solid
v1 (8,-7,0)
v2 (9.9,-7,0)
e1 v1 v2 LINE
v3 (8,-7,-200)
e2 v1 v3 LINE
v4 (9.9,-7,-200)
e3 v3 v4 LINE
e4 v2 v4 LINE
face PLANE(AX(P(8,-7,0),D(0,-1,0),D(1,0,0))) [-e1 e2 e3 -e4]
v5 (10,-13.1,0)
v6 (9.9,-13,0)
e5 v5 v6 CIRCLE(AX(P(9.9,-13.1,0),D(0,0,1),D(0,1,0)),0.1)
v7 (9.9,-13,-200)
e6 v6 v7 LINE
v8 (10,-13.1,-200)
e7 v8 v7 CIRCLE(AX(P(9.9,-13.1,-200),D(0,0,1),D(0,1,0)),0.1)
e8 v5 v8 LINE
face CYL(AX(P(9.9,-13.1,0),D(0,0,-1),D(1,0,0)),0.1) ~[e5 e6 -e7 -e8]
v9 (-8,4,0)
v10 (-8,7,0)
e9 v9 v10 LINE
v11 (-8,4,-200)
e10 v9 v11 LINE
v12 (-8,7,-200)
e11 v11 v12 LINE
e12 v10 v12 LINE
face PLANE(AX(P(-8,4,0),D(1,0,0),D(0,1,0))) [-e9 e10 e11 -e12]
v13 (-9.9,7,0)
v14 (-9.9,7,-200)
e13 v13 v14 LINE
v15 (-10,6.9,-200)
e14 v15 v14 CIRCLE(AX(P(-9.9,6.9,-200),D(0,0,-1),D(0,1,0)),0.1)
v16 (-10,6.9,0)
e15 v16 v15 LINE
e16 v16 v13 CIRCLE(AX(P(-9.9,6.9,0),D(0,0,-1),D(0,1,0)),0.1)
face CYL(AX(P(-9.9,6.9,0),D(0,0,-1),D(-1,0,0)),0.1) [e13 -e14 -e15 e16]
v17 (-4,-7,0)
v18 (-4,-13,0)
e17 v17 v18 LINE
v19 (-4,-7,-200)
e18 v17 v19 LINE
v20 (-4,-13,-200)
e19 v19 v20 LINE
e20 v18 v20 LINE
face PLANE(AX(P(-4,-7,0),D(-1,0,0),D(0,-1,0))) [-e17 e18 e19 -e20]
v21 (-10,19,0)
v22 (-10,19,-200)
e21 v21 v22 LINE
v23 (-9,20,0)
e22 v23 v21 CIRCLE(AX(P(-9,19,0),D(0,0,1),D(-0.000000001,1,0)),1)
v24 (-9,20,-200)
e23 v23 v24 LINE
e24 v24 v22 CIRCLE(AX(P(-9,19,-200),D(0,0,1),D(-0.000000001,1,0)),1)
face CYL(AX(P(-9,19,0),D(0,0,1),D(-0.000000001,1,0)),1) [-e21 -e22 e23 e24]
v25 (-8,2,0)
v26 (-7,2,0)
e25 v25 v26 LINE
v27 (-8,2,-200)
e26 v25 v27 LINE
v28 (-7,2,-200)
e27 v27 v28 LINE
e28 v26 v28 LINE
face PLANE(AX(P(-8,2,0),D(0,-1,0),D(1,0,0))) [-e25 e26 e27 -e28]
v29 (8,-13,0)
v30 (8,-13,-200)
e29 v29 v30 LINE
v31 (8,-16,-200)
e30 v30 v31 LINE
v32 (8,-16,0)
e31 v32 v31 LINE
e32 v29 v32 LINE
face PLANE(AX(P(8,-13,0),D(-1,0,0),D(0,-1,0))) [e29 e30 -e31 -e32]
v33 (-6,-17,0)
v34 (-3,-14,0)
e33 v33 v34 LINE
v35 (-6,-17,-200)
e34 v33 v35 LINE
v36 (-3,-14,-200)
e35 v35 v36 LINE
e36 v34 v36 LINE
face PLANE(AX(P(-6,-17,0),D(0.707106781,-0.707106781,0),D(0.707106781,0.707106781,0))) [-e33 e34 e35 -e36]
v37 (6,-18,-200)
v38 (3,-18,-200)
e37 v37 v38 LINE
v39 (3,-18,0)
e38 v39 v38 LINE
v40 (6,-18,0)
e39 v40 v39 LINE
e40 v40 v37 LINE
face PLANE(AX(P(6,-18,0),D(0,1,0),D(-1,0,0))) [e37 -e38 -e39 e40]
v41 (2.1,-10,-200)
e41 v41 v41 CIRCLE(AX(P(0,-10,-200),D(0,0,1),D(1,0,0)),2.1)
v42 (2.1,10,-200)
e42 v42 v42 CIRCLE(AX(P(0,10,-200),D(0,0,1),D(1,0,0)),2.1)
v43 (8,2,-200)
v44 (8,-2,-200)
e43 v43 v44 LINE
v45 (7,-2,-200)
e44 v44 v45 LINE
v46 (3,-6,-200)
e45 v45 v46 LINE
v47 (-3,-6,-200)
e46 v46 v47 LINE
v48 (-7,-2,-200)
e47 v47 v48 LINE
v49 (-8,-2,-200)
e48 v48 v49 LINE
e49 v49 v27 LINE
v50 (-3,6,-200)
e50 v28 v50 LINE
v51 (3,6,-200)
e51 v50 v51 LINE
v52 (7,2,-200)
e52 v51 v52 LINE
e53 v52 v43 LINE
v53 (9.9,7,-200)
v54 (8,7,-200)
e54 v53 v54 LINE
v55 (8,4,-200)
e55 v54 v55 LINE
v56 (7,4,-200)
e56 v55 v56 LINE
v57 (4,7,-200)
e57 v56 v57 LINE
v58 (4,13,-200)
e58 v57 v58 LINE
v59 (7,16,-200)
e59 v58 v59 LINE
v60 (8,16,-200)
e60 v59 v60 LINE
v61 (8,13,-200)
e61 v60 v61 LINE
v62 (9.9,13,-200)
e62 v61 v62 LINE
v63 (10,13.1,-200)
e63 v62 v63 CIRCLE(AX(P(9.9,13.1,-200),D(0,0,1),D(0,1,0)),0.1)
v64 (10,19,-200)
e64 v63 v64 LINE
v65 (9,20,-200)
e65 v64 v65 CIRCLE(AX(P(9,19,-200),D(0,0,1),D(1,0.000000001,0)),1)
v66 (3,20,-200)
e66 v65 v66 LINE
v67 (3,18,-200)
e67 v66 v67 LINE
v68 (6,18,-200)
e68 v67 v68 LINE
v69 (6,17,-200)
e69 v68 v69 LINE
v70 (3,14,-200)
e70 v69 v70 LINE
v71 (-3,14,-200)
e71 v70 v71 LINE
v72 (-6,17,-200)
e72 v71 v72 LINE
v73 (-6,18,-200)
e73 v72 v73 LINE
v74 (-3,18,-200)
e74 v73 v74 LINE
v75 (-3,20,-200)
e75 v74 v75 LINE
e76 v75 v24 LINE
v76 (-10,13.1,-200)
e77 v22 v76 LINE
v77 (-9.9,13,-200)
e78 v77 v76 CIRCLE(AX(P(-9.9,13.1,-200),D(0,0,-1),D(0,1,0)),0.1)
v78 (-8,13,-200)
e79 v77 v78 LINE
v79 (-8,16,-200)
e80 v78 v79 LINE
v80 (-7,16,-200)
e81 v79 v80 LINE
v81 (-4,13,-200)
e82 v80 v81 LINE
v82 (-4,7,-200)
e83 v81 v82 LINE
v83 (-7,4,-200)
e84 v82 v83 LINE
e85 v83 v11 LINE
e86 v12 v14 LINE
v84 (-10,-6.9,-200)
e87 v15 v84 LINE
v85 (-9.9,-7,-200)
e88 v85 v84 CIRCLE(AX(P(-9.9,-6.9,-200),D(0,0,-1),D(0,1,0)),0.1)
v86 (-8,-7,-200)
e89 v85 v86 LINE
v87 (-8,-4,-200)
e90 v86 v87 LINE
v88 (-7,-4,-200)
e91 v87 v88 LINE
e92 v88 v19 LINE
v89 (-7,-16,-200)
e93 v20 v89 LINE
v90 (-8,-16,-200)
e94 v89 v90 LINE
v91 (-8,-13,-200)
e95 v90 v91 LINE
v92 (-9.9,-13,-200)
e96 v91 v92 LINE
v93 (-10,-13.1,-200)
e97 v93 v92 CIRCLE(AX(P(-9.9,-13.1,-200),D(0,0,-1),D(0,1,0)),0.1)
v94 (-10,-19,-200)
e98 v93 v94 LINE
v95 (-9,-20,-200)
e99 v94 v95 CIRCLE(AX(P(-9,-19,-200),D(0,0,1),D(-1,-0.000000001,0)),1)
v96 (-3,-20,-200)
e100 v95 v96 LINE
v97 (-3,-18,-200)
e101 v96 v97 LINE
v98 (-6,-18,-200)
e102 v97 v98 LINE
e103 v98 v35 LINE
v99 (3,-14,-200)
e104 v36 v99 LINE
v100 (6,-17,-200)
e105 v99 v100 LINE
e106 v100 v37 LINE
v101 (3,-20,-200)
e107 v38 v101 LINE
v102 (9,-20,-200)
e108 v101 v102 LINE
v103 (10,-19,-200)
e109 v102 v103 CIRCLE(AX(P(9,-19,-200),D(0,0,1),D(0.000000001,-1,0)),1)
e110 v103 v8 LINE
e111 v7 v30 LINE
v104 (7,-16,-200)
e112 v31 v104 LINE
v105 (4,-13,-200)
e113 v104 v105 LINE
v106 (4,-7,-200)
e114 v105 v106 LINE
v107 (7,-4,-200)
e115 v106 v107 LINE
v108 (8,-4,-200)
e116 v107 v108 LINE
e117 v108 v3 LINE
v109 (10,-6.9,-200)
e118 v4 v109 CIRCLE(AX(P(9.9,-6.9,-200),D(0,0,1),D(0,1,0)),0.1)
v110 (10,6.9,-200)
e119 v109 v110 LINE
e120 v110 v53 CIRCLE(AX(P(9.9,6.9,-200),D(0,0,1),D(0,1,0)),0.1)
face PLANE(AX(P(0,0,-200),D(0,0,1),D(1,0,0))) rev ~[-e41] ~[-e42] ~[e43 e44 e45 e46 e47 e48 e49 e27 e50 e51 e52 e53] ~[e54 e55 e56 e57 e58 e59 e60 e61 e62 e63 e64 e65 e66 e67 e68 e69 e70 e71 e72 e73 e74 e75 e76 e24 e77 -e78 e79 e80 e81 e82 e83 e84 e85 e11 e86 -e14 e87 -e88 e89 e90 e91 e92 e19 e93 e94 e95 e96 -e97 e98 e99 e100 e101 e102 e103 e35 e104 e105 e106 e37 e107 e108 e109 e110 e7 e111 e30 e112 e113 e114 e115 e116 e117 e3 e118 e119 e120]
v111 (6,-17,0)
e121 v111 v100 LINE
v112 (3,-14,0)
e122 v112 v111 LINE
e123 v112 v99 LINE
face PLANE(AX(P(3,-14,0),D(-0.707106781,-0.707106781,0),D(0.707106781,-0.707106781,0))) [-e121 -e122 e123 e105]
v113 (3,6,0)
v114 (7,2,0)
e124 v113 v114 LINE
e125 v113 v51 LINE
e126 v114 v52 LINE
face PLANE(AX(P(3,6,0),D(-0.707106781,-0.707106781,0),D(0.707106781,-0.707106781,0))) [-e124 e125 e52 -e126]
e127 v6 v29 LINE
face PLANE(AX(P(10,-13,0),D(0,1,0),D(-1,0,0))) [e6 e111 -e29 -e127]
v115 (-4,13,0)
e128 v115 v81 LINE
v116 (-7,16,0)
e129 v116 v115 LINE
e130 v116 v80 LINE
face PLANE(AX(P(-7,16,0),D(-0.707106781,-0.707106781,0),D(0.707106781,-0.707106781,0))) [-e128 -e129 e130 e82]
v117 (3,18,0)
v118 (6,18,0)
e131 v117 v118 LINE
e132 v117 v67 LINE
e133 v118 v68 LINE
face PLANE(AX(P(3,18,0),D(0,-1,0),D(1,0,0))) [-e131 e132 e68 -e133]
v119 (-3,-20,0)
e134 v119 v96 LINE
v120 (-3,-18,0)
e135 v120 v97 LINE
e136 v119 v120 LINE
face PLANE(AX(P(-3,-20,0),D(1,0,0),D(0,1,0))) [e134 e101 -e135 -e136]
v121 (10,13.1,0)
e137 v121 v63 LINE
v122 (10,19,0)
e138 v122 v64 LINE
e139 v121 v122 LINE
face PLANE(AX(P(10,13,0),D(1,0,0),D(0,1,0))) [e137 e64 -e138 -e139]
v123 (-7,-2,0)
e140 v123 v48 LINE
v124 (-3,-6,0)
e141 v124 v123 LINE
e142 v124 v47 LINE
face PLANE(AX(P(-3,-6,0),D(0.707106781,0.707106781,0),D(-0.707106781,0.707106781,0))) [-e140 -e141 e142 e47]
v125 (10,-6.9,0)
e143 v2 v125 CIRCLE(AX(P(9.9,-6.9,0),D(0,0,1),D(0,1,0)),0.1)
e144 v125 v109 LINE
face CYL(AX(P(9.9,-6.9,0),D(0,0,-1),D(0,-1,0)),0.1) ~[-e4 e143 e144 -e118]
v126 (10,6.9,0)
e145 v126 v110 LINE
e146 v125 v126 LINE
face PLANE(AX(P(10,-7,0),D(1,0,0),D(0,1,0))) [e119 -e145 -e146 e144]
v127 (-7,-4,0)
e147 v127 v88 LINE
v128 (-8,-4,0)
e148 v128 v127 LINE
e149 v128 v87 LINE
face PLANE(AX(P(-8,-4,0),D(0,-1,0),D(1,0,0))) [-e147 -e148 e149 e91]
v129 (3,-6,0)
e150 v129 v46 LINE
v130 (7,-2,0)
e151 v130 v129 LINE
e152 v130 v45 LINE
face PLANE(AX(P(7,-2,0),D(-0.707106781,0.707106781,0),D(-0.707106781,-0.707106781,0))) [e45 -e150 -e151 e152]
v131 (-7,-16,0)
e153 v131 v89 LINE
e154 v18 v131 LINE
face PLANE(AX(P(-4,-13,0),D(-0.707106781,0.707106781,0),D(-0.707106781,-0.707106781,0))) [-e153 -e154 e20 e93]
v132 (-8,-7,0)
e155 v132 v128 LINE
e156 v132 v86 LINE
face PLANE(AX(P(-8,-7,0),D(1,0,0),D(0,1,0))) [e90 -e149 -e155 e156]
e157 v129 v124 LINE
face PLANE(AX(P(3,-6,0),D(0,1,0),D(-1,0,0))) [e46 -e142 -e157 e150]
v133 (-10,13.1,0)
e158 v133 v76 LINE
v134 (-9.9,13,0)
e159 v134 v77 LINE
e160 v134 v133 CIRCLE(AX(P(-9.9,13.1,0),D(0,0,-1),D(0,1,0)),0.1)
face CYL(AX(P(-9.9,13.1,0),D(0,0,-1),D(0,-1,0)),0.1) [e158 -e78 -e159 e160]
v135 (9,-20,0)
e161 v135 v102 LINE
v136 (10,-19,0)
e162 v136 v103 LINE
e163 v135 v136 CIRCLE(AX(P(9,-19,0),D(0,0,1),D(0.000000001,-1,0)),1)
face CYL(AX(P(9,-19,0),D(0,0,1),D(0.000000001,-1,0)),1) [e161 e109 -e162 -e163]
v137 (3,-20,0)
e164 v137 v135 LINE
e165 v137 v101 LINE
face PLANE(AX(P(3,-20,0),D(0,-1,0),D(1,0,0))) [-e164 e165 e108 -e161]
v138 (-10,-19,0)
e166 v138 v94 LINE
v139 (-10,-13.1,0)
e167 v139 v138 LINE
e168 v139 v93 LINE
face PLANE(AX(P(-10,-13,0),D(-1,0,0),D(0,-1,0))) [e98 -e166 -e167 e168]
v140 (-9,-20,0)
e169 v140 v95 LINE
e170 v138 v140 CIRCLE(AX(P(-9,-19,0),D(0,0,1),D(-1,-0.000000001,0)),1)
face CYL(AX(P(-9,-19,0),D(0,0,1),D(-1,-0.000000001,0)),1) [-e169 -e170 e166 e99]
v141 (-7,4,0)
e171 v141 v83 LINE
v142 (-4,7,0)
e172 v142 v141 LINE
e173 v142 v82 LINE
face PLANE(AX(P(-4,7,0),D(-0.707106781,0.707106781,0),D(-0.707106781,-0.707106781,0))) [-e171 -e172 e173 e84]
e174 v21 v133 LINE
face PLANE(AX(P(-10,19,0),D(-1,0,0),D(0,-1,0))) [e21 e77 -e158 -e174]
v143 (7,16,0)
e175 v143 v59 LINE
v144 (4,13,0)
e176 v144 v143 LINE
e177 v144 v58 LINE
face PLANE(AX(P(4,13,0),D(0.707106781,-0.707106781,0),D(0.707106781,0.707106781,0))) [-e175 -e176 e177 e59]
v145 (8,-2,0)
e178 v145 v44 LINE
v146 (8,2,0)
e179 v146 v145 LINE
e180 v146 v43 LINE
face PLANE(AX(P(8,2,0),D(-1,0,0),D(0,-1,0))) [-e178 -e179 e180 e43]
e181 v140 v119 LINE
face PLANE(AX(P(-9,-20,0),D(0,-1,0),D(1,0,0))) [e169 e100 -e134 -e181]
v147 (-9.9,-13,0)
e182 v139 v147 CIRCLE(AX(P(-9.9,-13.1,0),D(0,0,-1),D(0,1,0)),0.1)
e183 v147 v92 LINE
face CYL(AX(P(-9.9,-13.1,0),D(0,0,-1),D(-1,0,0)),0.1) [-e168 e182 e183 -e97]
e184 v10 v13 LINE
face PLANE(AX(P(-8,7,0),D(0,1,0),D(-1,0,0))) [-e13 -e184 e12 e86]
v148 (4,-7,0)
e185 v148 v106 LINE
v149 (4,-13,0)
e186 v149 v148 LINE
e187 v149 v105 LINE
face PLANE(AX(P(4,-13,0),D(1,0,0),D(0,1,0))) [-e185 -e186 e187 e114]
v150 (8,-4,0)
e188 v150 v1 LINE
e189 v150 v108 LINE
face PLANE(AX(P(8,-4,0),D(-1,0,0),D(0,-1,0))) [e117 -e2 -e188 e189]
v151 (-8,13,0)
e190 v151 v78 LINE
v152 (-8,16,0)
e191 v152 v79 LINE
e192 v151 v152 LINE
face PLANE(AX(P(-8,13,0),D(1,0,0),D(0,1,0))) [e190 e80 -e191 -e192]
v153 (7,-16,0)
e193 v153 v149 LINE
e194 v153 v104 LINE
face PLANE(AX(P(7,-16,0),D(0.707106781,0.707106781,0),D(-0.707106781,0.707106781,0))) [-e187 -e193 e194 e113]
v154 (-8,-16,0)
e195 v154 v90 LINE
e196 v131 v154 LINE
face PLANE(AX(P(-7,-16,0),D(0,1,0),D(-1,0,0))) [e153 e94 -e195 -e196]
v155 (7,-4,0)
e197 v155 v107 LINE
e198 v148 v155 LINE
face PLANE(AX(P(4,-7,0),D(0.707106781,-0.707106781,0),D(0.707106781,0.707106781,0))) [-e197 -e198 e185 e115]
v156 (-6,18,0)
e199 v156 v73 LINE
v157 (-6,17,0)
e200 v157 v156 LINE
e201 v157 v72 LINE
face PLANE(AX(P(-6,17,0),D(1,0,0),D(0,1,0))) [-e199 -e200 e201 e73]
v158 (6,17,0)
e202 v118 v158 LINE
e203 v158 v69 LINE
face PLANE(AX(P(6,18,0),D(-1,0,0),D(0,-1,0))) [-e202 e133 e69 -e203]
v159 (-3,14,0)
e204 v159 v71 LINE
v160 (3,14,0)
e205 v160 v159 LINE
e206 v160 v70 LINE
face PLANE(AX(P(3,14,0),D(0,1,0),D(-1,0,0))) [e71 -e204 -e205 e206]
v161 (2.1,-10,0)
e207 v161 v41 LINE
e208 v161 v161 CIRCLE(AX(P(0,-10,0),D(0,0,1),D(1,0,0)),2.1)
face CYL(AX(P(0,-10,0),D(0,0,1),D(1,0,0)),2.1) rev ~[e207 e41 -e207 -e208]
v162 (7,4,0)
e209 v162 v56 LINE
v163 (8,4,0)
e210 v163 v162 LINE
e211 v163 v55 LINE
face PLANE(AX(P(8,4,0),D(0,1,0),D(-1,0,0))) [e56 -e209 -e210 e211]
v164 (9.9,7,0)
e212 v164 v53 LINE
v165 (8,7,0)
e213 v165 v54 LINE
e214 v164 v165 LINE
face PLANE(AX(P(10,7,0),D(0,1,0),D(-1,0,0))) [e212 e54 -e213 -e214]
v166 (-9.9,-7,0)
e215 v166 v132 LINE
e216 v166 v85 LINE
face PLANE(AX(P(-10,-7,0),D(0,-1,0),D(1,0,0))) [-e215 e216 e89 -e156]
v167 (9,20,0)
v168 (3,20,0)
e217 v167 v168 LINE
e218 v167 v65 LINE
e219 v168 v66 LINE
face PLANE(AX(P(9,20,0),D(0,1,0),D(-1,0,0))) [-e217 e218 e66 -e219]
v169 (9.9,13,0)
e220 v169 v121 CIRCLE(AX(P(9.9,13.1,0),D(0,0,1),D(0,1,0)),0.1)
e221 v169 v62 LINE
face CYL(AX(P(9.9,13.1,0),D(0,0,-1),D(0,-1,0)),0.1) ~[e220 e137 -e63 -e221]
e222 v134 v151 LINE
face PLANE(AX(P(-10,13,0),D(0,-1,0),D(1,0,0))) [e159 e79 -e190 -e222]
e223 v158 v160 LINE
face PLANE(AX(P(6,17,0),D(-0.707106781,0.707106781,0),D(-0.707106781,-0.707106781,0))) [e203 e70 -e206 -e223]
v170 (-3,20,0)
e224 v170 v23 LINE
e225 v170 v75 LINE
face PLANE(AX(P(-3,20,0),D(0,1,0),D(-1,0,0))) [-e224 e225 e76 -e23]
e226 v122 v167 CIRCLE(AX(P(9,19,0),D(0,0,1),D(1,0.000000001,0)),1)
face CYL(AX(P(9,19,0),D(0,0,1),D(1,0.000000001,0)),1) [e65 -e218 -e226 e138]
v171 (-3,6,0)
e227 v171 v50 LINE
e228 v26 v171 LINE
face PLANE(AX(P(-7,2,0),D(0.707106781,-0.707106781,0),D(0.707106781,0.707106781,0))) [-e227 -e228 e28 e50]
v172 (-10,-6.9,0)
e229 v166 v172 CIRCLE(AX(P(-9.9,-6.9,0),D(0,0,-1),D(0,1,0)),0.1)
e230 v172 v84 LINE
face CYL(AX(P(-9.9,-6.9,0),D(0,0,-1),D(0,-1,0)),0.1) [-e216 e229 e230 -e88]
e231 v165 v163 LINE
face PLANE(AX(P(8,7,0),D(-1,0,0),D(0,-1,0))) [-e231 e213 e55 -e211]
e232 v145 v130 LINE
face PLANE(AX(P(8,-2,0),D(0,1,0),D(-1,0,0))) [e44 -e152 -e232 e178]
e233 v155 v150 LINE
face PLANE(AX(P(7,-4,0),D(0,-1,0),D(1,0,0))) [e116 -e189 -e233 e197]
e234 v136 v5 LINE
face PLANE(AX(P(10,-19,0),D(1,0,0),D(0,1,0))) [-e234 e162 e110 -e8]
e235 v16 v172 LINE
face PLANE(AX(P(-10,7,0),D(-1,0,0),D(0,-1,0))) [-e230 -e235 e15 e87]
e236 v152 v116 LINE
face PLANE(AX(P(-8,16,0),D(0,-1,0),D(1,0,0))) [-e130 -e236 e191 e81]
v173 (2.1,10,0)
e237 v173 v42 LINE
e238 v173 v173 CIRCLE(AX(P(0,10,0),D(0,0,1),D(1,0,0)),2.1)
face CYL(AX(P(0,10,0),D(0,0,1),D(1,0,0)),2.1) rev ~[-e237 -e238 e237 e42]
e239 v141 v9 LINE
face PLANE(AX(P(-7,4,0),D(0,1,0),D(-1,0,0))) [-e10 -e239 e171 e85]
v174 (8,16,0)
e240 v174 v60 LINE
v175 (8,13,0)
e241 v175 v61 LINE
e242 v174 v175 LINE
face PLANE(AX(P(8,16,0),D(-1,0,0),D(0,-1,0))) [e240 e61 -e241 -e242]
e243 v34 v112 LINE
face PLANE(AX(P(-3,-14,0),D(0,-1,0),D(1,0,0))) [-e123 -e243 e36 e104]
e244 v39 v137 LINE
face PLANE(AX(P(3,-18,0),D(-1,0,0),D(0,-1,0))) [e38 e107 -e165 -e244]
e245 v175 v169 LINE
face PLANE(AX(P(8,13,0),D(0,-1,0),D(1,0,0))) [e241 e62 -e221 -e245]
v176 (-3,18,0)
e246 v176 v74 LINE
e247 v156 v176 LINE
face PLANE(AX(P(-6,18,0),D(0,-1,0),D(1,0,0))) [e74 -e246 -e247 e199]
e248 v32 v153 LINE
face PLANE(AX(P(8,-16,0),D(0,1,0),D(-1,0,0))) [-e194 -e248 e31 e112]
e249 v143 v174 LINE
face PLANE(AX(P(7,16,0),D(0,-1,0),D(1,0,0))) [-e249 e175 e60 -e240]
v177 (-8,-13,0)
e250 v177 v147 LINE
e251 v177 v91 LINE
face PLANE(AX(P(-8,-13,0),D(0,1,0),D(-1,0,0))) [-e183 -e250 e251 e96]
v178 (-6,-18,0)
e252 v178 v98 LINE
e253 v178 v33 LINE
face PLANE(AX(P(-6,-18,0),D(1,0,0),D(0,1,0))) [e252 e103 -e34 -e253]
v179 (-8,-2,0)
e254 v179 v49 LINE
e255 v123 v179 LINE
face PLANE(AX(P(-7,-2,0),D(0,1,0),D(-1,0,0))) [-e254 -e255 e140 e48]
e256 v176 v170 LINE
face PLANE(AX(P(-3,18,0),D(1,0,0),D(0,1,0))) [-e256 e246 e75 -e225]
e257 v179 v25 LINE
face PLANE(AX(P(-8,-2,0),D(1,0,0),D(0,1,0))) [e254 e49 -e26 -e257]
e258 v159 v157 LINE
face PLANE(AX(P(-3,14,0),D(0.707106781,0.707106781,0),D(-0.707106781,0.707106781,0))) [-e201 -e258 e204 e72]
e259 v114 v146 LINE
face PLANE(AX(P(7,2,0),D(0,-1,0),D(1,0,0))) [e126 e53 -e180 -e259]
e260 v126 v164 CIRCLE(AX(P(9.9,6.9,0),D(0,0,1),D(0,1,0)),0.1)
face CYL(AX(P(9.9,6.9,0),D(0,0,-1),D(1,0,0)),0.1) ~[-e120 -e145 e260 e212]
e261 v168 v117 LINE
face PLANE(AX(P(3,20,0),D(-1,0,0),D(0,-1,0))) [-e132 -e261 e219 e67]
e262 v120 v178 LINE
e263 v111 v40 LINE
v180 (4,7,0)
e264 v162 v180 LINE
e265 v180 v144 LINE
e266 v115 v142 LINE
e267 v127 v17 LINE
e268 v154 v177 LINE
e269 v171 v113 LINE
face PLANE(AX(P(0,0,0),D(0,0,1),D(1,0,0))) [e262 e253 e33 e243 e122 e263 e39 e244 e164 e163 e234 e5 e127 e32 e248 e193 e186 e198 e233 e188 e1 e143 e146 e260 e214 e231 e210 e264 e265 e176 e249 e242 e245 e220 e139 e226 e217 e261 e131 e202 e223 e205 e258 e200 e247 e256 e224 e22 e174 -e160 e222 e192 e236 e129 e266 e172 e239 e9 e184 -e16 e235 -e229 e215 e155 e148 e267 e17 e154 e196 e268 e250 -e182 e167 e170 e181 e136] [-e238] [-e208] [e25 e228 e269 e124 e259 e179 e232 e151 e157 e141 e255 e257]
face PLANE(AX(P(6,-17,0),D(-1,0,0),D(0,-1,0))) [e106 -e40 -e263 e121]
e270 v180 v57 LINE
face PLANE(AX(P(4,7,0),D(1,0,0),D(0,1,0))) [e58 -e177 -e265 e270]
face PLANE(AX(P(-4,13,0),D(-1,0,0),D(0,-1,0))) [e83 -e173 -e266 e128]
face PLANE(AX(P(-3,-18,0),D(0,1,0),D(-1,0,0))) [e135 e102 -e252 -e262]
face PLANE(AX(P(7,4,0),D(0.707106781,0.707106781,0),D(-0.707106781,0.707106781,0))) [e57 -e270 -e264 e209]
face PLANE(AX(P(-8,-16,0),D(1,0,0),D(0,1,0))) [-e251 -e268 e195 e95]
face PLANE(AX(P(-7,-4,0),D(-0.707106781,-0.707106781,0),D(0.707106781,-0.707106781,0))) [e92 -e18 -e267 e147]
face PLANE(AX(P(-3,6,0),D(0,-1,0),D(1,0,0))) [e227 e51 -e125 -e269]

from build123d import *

# Parameters (mm, degrees)
SKETCH1_R           = 2.1
BOSS_EXTRUDE1_DEPTH = 200
FILLET1_R           = 0.1


with BuildPart() as part:
    # Sketch1 → Boss-Extrude1 (new body)
    with BuildSketch(Plane.XY):
        with BuildLine():
            Line((10, -19), (10, -13))
            Line((10, -13), (8, -13))
            Line((8, -13), (8, -16))
            Line((8, -16), (7, -16))
            Line((7, -16), (4, -13))
            Line((4, -13), (4, -7))
            Line((4, -7), (7, -4))
            Line((7, -4), (8, -4))
            Line((8, -4), (8, -7))
            Line((8, -7), (10, -7))
            Line((10, -7), (10, 7))
            Line((10, 7), (8, 7))
            Line((8, 7), (8, 4))
            Line((8, 4), (7, 4))
            Line((7, 4), (4, 7))
            Line((4, 7), (4, 13))
            Line((4, 13), (7, 16))
            Line((7, 16), (8, 16))
            Line((8, 16), (8, 13))
            Line((8, 13), (10, 13))
            Line((10, 13), (10, 19))
            ThreePointArc((10, 19), (9.707106781, 19.707106781), (9, 20))
            Line((9, 20), (3, 20))
            Line((3, 20), (3, 18))
            Line((3, 18), (6, 18))
            Line((6, 18), (6, 17))
            Line((6, 17), (3, 14))
            Line((3, 14), (-3, 14))
            Line((-3, 14), (-6, 17))
            Line((-6, 17), (-6, 18))
            Line((-6, 18), (-3, 18))
            Line((-3, 18), (-3, 20))
            Line((-3, 20), (-9, 20))
            ThreePointArc((-9, 20), (-9.707106781, 19.707106781), (-10, 19))
            Line((-10, 19), (-10, 13))
            Line((-10, 13), (-8, 13))
            Line((-8, 13), (-8, 16))
            Line((-8, 16), (-7, 16))
            Line((-7, 16), (-4, 13))
            Line((-4, 13), (-4, 7))
            Line((-4, 7), (-7, 4))
            Line((-7, 4), (-8, 4))
            Line((-8, 4), (-8, 7))
            Line((-8, 7), (-10, 7))
            Line((-10, 7), (-10, -7))
            Line((-10, -7), (-8, -7))
            Line((-8, -7), (-8, -4))
            Line((-8, -4), (-7, -4))
            Line((-7, -4), (-4, -7))
            Line((-4, -7), (-4, -13))
            Line((-4, -13), (-7, -16))
            Line((-7, -16), (-8, -16))
            Line((-8, -16), (-8, -13))
            Line((-8, -13), (-10, -13))
            Line((-10, -13), (-10, -19))
            ThreePointArc((-10, -19), (-9.707106781, -19.707106781), (-9, -20))
            Line((-9, -20), (-3, -20))
            Line((-3, -20), (-3, -18))
            Line((-3, -18), (-6, -18))
            Line((-6, -18), (-6, -17))
            Line((-6, -17), (-3, -14))
            Line((-3, -14), (3, -14))
            Line((3, -14), (6, -17))
            Line((6, -17), (6, -18))
            Line((6, -18), (3, -18))
            Line((3, -18), (3, -20))
            Line((3, -20), (9, -20))
            ThreePointArc((9, -20), (9.707106781, -19.707106781), (10, -19))
        make_face()
        with Locations((0, -10)):
            Circle(SKETCH1_R, mode=Mode.SUBTRACT)
        with Locations((0, 10)):
            Circle(SKETCH1_R, mode=Mode.SUBTRACT)
        Polygon((-7, -2), (-8, -2), (-8, 2), (-7, 2), (-3, 6), (3, 6), (7, 2), (8, 2), (8, -2), (7, -2), (3, -6), (-3, -6), align=None, mode=Mode.SUBTRACT)
    extrude(amount=-BOSS_EXTRUDE1_DEPTH)

    # Fillet1
    fillet1_edges = [part.edges().sort_by_distance(p)[0] for p in [
        (-10, -13, -100),
        (-10, -7, -100),
        (-10, 7, -100),
        (-10, 13, -100),
        (10, 13, -100),
        (10, 7, -100),
        (10, -7, -100),
        (10, -13, -100),
    ]]
    fillet(fillet1_edges, radius=FILLET1_R)


solid = part.part
